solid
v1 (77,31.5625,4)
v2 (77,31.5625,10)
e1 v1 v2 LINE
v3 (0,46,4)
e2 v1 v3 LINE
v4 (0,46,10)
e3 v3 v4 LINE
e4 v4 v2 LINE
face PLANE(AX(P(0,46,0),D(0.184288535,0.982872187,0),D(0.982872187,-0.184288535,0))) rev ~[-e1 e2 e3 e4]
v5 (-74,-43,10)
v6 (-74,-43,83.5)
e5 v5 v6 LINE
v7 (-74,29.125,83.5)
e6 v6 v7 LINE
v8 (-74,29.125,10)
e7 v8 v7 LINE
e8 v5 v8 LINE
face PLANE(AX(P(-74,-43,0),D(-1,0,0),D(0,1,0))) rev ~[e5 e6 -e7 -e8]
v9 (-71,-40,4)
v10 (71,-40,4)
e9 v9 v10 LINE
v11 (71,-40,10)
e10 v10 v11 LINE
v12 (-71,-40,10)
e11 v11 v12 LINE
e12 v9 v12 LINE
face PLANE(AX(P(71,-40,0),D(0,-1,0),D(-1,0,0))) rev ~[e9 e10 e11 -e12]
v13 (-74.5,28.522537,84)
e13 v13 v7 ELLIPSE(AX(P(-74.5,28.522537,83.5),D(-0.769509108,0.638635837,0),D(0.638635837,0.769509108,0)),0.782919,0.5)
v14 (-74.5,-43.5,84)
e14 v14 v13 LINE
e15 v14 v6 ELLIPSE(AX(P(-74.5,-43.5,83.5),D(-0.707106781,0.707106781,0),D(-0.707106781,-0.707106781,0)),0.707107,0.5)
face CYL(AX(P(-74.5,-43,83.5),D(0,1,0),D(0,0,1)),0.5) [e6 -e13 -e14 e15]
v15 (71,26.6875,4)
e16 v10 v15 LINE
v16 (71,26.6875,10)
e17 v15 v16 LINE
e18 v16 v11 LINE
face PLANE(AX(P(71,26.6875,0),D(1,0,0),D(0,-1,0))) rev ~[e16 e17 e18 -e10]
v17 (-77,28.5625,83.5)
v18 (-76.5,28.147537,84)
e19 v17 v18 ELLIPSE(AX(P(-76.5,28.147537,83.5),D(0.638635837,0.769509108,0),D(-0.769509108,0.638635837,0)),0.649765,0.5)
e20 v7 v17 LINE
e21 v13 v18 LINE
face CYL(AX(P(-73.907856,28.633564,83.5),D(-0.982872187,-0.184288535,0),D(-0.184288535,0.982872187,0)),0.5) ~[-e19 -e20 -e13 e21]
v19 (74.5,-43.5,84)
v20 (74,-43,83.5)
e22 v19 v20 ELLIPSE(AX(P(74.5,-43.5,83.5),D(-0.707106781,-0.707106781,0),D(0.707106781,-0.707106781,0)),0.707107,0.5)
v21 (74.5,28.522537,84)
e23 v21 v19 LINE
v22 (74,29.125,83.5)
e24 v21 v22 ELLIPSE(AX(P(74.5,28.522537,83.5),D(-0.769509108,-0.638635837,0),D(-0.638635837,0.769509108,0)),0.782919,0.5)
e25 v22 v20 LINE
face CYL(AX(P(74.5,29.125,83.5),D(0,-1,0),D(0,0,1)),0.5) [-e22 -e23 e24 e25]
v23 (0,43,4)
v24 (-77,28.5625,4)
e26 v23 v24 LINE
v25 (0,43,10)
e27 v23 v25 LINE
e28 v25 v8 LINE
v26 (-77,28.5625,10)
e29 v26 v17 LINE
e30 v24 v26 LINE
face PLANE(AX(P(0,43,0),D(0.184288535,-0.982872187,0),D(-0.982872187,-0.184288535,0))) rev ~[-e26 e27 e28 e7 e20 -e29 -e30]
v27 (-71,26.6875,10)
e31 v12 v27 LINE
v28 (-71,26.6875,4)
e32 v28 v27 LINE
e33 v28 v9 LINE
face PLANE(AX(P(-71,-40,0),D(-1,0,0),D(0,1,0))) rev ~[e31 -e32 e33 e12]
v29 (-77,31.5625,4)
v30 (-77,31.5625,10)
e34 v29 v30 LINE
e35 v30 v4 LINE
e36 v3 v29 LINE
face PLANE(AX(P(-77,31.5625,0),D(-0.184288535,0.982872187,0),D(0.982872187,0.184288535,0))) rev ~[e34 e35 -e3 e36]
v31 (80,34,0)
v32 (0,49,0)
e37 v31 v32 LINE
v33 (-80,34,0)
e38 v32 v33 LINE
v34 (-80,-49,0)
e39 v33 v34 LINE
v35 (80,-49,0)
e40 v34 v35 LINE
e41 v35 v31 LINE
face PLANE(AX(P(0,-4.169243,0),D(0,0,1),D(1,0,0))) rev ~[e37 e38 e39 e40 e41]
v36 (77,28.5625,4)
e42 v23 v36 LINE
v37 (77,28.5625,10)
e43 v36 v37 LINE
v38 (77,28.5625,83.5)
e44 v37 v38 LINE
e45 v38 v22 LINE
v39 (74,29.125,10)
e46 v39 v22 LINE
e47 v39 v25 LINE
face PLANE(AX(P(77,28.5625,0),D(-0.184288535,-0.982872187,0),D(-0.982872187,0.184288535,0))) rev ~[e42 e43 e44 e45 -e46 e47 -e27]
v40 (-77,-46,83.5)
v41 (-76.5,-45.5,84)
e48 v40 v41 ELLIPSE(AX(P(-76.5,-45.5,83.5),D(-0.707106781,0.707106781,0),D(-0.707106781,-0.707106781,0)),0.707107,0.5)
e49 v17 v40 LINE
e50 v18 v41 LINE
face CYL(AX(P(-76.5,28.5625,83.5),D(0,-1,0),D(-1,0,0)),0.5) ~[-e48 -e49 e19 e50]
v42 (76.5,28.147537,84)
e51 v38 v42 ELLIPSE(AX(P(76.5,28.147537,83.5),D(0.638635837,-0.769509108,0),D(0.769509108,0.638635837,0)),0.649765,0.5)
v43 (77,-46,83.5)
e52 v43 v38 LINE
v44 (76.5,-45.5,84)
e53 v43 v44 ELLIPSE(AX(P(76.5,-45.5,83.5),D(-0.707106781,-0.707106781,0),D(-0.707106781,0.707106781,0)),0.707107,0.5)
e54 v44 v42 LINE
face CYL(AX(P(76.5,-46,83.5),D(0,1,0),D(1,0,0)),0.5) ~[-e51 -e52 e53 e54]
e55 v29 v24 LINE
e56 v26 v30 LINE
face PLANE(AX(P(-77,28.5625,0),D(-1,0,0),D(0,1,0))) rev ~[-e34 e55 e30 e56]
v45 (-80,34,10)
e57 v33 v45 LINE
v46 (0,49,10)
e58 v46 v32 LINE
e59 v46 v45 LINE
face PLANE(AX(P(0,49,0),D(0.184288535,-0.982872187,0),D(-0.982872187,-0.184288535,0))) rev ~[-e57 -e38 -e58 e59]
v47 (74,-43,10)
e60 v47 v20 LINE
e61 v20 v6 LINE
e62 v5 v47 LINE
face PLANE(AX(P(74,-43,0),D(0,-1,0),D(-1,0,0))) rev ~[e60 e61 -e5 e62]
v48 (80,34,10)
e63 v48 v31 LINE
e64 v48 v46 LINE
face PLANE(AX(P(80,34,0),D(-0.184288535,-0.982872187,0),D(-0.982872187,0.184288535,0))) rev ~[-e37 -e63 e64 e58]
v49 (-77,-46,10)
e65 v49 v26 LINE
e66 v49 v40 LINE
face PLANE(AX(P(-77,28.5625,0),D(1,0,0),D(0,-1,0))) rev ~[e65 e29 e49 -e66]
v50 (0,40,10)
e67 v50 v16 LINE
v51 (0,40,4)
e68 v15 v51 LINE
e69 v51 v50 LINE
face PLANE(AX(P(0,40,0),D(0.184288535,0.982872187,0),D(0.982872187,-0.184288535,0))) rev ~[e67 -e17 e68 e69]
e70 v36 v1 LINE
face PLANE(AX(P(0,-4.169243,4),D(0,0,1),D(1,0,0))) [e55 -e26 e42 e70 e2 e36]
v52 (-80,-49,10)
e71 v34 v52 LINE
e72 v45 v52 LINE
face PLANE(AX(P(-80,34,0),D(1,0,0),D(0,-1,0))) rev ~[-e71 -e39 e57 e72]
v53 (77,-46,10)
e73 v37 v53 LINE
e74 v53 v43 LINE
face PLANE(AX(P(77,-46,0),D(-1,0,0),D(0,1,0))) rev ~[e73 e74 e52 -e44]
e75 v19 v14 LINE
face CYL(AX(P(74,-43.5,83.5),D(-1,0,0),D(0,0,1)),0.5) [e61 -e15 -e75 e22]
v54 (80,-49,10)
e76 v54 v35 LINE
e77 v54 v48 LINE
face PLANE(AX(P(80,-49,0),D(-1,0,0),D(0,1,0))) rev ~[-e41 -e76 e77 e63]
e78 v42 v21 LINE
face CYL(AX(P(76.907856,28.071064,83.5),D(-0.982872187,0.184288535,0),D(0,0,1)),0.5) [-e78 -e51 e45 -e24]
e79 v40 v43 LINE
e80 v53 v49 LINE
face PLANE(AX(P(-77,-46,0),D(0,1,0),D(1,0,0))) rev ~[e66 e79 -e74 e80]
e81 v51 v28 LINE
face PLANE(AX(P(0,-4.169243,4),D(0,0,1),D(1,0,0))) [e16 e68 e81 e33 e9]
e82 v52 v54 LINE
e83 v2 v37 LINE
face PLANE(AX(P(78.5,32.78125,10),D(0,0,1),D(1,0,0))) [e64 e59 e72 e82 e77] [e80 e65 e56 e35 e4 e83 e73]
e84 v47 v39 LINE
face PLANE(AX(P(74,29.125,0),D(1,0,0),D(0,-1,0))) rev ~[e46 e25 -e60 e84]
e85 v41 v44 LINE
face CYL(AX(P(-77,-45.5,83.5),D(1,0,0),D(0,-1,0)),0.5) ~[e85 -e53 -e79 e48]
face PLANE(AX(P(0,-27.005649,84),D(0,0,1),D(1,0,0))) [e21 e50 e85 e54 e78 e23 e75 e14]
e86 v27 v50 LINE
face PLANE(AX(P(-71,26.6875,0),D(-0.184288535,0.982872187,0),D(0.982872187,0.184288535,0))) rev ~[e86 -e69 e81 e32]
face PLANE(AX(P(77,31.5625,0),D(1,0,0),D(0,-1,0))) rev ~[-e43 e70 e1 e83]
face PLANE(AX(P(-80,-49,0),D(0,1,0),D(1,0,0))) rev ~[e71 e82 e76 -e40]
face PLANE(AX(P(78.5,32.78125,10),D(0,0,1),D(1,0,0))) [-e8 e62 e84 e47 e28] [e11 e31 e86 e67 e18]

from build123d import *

# Parameters (mm, degrees)
F1_DEPTH = 4
F2_DEPTH = 10
F3_DEPTH = 84
F4_R     = 0.5


with BuildPart() as f1:
    # F0 (on Top) → F1 (new body)
    with BuildSketch(Plane.XY):
        Polygon((71, -40), (71, 26.6875), (0, 40), (-71, 26.6875), (-71, -40), align=None)
        Polygon((77, -46), (77, 25.5625), (74, 26.125), (74, -43), (-74, -43), (-74, 26.125), (-77, 25.5625), (-77, -46), align=None)
        Polygon((0, 43), (71, 29.6875), (71, 32.6875), (0, 46), (-71, 32.6875), (-71, 29.6875), align=None)
        Polygon((-80, -49), (80, -49), (80, 25), (77, 25.5625), (77, -46), (-77, -46), (-77, 25.5625), (-80, 25), align=None)
        Polygon((74, -43), (74, 26.125), (71, 26.6875), (71, -40), (-71, -40), (-71, 26.6875), (-74, 26.125), (-74, -43), align=None)
        Polygon((-80, 31), (-80, 28), (-77, 28.5625), (-77, 31.5625), align=None)
        Polygon((-80, 34), (-80, 31), (-77, 31.5625), (-77, 34.5625), align=None)
        Polygon((-80, 28), (-80, 25), (-77, 25.5625), (-77, 28.5625), align=None)
        Polygon((-77, 34.5625), (-77, 31.5625), (-74, 32.125), (-74, 35.125), align=None)
        Polygon((-77, 31.5625), (-77, 28.5625), (-74, 29.125), (-74, 32.125), align=None)
        Polygon((-77, 28.5625), (-77, 25.5625), (-74, 26.125), (-74, 29.125), align=None)
        Polygon((-74, 32.125), (-74, 29.125), (-71, 29.6875), (-71, 32.6875), align=None)
        Polygon((-74, 29.125), (-74, 26.125), (-71, 26.6875), (-71, 29.6875), align=None)
        Polygon((-74, 35.125), (-74, 32.125), (-71, 32.6875), (-71, 35.6875), align=None)
        Polygon((0, 46), (71, 32.6875), (71, 35.6875), (0, 49), (-71, 35.6875), (-71, 32.6875), align=None)
        Polygon((0, 40), (71, 26.6875), (71, 29.6875), (0, 43), (-71, 29.6875), (-71, 26.6875), align=None)
        Polygon((71, 32.6875), (74, 32.125), (74, 35.125), (71, 35.6875), align=None)
        Polygon((74, 32.125), (77, 31.5625), (77, 34.5625), (74, 35.125), align=None)
        Polygon((77, 31.5625), (80, 31), (80, 34), (77, 34.5625), align=None)
        Polygon((77, 28.5625), (80, 28), (80, 31), (77, 31.5625), align=None)
        Polygon((77, 25.5625), (80, 25), (80, 28), (77, 28.5625), align=None)
        Polygon((74, 26.125), (77, 25.5625), (77, 28.5625), (74, 29.125), align=None)
        Polygon((71, 26.6875), (74, 26.125), (74, 29.125), (71, 29.6875), align=None)
        Polygon((71, 29.6875), (74, 29.125), (74, 32.125), (71, 32.6875), align=None)
        Polygon((74, 29.125), (77, 28.5625), (77, 31.5625), (74, 32.125), align=None)
    extrude(amount=F1_DEPTH)

    # F0 (on Top) → F2 (join)
    with BuildSketch(Plane.XY):
        Polygon((77, 31.5625), (80, 31), (80, 34), (77, 34.5625), align=None)
        Polygon((74, 32.125), (77, 31.5625), (77, 34.5625), (74, 35.125), align=None)
        Polygon((71, 32.6875), (74, 32.125), (74, 35.125), (71, 35.6875), align=None)
        Polygon((0, 46), (71, 32.6875), (71, 35.6875), (0, 49), (-71, 35.6875), (-71, 32.6875), align=None)
        Polygon((-74, 35.125), (-74, 32.125), (-71, 32.6875), (-71, 35.6875), align=None)
        Polygon((-77, 34.5625), (-77, 31.5625), (-74, 32.125), (-74, 35.125), align=None)
        Polygon((-80, 34), (-80, 31), (-77, 31.5625), (-77, 34.5625), align=None)
        Polygon((-80, 28), (-80, 25), (-77, 25.5625), (-77, 28.5625), align=None)
        Polygon((-77, 28.5625), (-77, 25.5625), (-74, 26.125), (-74, 29.125), align=None)
        Polygon((-74, 29.125), (-74, 26.125), (-71, 26.6875), (-71, 29.6875), align=None)
        Polygon((0, 40), (71, 26.6875), (71, 29.6875), (0, 43), (-71, 29.6875), (-71, 26.6875), align=None)
        Polygon((77, 25.5625), (80, 25), (80, 28), (77, 28.5625), align=None)
        Polygon((74, 26.125), (77, 25.5625), (77, 28.5625), (74, 29.125), align=None)
        Polygon((71, 26.6875), (74, 26.125), (74, 29.125), (71, 29.6875), align=None)
        Polygon((-80, -49), (80, -49), (80, 25), (77, 25.5625), (77, -46), (-77, -46), (-77, 25.5625), (-80, 25), align=None)
        Polygon((74, -43), (74, 26.125), (71, 26.6875), (71, -40), (-71, -40), (-71, 26.6875), (-74, 26.125), (-74, -43), align=None)
        Polygon((-80, 31), (-80, 28), (-77, 28.5625), (-77, 31.5625), align=None)
        Polygon((77, 28.5625), (80, 28), (80, 31), (77, 31.5625), align=None)
    extrude(amount=F2_DEPTH)

    # F0 (on Top) → F3 (join)
    with BuildSketch(Plane.XY):
        Polygon((77, -46), (77, 25.5625), (74, 26.125), (74, -43), (-74, -43), (-74, 26.125), (-77, 25.5625), (-77, -46), align=None)
        Polygon((-77, 28.5625), (-77, 25.5625), (-74, 26.125), (-74, 29.125), align=None)
        Polygon((74, 26.125), (77, 25.5625), (77, 28.5625), (74, 29.125), align=None)
    extrude(amount=F3_DEPTH)

    # F4
    f4_edges = [f1.edges().sort_by_distance(p)[0] for p in [
        (77, -8.71875, 84),
        (75.5, 28.84375, 84),
        (74, -6.9375, 84),
        (0, -43, 84),
        (-74, -6.9375, 84),
        (-75.5, 28.84375, 84),
        (-77, -8.71875, 84),
        (0, -46, 84),
    ]]
    fillet(f4_edges, radius=F4_R)


solid = f1.part
